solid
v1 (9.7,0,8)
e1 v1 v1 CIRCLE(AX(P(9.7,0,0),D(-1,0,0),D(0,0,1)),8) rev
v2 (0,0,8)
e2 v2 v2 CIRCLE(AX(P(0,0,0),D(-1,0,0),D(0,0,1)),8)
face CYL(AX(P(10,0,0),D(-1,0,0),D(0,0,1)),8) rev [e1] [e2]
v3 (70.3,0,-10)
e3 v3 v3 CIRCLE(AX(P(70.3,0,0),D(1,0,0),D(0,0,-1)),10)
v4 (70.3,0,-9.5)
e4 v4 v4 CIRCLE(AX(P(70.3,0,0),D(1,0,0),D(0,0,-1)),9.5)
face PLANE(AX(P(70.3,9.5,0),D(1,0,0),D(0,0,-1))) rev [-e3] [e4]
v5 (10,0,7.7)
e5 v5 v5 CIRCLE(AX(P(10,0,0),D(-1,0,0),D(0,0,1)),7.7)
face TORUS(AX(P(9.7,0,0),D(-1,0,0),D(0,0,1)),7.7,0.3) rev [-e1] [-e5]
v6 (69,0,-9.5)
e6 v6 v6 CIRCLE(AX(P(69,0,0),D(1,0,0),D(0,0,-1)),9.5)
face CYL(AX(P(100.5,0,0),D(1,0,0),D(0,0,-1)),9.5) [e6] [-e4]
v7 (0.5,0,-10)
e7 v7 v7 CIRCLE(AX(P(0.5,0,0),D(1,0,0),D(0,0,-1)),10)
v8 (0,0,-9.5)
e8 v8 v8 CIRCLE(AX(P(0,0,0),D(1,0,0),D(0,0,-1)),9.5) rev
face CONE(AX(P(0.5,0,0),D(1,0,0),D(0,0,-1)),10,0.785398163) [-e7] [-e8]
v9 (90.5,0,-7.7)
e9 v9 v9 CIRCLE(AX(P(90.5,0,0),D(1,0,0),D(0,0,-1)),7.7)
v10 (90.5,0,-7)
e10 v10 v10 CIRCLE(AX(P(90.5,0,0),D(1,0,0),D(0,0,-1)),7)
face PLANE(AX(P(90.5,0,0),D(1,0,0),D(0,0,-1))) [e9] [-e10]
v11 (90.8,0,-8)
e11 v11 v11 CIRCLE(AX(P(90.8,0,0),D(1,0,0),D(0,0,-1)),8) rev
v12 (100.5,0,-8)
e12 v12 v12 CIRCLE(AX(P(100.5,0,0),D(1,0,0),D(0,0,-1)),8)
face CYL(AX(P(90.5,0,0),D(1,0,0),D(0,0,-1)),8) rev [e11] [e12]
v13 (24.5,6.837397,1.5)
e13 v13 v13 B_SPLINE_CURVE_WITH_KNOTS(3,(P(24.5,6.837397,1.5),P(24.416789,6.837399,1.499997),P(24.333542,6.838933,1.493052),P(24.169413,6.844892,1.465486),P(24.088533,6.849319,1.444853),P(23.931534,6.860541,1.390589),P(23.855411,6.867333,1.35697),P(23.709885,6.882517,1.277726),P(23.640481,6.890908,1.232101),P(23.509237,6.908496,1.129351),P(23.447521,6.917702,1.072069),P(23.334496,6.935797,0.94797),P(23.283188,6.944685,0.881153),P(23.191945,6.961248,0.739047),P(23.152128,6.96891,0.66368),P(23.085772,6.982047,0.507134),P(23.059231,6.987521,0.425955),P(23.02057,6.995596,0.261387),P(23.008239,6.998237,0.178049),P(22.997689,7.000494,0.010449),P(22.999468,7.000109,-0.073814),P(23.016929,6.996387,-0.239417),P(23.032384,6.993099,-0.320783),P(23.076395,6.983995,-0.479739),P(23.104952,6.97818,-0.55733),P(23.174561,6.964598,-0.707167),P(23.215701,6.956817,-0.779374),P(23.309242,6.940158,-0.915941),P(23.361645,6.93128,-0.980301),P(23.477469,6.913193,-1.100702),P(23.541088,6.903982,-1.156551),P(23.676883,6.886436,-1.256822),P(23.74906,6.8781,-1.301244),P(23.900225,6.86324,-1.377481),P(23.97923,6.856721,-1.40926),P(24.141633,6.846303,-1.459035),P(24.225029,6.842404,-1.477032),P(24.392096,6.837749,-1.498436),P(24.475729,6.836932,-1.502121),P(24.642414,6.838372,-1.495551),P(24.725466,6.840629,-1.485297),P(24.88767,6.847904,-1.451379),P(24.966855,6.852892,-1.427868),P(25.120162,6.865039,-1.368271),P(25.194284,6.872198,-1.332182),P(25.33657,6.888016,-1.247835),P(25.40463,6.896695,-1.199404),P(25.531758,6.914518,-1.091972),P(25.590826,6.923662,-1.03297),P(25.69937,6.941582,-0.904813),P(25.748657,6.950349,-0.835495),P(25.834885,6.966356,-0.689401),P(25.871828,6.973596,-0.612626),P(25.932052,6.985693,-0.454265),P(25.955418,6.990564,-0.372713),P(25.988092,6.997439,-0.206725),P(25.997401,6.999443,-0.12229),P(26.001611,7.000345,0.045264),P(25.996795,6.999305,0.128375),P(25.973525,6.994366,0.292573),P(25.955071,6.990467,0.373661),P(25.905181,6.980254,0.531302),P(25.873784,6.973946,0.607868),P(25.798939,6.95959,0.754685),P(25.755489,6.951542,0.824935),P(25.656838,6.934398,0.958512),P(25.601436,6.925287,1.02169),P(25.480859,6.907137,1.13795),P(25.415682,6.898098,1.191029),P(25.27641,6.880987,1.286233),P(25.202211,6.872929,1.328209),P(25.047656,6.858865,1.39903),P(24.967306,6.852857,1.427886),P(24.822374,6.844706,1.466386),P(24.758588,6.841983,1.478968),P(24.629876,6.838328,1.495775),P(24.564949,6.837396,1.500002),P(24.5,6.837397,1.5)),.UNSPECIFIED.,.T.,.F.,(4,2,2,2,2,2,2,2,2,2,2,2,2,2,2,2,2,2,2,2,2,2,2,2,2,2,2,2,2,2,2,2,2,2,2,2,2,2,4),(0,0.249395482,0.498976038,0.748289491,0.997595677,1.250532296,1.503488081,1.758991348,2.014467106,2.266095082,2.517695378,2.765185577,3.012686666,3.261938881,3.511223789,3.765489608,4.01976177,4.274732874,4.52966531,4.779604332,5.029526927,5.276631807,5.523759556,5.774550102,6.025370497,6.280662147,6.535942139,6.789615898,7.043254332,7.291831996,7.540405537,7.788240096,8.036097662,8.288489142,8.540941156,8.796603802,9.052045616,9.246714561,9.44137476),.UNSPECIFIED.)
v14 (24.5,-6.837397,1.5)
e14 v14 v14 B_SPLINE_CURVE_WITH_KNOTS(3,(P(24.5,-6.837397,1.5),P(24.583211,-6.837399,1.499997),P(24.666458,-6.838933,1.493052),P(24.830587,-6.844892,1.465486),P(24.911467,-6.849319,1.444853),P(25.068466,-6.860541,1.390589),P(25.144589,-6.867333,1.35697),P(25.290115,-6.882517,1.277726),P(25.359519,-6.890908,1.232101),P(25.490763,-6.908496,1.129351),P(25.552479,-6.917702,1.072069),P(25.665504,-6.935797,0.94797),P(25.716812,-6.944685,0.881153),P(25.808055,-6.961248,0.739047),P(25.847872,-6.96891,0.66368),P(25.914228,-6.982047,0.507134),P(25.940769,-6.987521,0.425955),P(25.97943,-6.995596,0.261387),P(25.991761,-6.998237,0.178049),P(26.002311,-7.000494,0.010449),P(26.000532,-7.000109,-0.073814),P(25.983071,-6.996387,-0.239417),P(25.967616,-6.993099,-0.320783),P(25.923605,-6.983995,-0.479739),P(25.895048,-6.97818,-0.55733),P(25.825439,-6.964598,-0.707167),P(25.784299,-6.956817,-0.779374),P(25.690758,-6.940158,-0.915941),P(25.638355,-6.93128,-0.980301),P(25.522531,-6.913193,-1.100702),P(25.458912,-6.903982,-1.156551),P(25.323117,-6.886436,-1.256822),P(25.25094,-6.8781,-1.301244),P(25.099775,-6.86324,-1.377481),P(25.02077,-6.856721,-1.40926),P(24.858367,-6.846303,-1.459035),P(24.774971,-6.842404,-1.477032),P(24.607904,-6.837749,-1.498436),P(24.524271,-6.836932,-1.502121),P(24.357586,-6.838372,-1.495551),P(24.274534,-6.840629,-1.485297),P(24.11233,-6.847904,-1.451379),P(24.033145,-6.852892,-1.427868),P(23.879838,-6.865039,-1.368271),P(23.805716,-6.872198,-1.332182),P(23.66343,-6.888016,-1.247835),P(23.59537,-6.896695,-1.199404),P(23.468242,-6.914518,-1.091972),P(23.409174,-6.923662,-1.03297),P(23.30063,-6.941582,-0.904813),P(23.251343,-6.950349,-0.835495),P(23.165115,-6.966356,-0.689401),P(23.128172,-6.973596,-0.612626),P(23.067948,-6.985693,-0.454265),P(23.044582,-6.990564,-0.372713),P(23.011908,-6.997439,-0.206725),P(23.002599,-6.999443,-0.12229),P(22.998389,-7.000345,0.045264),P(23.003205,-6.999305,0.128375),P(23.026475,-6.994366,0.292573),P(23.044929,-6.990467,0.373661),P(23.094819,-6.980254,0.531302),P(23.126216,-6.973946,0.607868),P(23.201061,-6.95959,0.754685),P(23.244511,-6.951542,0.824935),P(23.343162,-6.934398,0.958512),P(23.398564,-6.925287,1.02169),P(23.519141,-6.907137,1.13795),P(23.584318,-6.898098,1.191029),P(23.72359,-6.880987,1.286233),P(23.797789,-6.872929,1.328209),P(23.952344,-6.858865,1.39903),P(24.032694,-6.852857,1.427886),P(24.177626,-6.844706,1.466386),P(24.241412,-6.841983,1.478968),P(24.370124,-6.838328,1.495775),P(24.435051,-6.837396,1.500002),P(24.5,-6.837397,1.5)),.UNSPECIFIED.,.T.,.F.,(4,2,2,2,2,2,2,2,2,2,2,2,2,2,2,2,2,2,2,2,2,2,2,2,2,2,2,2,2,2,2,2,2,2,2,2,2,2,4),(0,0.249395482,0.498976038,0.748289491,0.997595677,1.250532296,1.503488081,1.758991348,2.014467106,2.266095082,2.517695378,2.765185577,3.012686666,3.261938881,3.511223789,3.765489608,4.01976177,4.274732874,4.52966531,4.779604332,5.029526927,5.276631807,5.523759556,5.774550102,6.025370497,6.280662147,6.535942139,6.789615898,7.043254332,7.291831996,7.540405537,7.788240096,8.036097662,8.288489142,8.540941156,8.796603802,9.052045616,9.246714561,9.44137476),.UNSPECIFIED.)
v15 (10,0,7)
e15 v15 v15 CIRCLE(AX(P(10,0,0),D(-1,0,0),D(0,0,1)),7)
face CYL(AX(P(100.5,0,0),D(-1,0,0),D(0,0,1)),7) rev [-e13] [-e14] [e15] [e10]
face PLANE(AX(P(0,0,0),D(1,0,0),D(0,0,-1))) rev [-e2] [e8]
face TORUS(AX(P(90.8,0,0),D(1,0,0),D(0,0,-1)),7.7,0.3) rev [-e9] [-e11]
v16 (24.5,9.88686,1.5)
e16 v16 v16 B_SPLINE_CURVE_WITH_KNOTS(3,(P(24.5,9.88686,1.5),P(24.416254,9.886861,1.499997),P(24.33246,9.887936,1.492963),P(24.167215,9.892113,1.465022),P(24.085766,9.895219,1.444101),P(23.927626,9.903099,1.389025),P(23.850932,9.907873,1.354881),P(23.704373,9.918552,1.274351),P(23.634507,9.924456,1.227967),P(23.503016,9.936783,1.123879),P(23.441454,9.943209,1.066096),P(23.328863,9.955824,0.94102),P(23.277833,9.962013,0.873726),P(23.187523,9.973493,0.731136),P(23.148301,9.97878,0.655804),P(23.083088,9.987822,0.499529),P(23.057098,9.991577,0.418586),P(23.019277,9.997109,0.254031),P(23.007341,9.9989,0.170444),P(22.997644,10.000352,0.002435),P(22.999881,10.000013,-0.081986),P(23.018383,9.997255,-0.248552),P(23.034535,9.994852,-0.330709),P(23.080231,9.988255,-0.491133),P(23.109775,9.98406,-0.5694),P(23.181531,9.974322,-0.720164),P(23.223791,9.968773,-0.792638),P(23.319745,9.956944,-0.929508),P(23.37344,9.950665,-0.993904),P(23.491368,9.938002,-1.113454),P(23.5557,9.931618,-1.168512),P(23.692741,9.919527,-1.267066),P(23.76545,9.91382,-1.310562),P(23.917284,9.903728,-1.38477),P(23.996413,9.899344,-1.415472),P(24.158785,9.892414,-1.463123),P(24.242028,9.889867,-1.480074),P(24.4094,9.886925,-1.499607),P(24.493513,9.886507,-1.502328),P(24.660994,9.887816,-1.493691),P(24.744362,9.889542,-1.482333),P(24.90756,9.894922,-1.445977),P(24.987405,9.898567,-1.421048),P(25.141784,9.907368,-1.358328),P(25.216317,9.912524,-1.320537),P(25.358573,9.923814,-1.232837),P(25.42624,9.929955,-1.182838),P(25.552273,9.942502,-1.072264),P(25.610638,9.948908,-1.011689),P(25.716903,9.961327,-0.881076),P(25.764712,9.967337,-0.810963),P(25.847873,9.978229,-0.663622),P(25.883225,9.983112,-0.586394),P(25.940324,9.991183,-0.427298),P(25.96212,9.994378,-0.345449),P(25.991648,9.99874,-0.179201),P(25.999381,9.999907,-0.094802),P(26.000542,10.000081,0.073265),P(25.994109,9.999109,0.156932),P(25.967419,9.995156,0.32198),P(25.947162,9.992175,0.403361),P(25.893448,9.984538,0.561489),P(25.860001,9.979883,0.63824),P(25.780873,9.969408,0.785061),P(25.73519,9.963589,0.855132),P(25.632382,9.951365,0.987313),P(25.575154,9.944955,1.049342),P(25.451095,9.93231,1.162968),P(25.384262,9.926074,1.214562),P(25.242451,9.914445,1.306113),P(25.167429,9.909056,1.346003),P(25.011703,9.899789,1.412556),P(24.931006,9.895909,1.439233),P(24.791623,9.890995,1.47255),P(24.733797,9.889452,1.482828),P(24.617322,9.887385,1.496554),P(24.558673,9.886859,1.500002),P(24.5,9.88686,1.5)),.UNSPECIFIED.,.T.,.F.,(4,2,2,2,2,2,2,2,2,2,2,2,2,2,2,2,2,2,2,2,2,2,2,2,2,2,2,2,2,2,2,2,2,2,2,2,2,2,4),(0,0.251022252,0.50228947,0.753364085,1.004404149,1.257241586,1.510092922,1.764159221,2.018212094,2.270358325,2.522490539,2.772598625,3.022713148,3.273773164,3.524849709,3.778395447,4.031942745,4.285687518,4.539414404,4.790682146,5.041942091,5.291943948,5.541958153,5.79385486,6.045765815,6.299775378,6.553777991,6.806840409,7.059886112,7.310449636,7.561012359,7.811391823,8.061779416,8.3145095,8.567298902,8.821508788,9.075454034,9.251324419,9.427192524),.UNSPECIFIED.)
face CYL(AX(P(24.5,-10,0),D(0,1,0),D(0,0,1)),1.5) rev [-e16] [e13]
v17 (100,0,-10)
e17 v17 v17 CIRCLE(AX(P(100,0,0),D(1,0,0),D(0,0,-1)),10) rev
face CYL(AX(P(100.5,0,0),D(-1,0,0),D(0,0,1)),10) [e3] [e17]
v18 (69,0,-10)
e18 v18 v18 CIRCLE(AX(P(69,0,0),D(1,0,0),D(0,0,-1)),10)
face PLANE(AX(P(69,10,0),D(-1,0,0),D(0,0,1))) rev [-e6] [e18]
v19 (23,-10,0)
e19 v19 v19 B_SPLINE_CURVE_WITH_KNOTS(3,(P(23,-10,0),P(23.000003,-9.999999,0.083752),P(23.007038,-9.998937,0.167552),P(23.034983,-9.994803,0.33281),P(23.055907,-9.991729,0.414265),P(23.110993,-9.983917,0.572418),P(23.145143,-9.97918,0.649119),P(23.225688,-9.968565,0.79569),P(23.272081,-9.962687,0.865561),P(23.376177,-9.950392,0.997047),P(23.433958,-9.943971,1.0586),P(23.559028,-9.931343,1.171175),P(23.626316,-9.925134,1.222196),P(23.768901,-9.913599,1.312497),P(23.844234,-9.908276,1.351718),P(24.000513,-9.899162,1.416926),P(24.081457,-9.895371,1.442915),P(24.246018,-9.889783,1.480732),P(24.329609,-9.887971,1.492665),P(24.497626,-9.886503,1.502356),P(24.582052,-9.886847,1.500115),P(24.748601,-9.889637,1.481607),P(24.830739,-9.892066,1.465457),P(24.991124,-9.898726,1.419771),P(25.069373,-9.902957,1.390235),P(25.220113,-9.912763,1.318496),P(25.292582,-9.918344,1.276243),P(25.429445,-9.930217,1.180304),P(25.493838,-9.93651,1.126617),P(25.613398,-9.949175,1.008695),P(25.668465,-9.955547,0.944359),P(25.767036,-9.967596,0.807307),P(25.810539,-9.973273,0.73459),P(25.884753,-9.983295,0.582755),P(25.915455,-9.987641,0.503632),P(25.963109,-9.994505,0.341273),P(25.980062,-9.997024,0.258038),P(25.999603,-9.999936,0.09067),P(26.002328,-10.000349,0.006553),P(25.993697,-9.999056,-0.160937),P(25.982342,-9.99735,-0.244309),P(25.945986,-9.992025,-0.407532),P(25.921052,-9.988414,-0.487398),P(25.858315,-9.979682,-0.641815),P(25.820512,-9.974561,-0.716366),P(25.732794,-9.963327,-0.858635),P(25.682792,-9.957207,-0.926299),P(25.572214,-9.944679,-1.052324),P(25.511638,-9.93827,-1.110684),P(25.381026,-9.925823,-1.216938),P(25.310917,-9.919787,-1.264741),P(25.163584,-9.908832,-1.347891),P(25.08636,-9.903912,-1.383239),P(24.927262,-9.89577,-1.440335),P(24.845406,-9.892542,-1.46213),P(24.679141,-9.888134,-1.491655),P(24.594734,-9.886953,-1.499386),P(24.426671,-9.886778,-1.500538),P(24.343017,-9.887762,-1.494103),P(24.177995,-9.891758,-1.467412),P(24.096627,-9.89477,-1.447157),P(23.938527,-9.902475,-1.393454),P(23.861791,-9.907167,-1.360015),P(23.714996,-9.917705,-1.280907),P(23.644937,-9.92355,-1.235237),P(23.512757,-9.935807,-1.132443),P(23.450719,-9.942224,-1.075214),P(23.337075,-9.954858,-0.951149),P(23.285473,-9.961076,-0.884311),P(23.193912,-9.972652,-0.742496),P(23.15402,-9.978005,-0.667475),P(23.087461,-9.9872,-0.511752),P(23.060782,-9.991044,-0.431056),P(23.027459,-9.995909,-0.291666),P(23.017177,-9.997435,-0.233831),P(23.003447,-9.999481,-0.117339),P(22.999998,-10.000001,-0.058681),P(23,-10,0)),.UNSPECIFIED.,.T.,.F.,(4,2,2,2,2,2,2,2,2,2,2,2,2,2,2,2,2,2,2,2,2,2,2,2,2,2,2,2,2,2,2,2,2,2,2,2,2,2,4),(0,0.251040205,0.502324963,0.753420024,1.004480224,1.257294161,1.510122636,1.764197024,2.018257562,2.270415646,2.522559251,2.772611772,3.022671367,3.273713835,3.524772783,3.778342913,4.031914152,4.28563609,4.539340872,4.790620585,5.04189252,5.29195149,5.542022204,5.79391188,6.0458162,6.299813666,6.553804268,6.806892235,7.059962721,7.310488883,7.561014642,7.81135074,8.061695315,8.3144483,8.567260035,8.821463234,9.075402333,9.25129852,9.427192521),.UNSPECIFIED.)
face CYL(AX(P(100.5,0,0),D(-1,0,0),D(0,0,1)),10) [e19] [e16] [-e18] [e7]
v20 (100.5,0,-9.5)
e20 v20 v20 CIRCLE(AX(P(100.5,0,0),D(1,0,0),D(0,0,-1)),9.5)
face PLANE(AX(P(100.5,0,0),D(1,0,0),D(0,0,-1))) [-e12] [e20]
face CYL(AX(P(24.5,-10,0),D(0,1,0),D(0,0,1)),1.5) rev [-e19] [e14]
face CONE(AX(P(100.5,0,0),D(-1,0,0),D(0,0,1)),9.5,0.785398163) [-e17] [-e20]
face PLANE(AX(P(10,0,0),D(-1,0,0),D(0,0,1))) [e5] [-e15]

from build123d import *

# Parameters (mm, degrees)
SKETCH1_R           = 10
SKETCH1_R_2         = 7
BOSS_EXTRUDE1_DEPTH = 100.5
SKETCH2_R           = 8
CUT_EXTRUDE1_DEPTH  = 10
SKETCH3_R           = 8
CUT_EXTRUDE2_DEPTH  = 10
SKETCH4_W           = 1.3
SKETCH4_H           = 0.5
SKETCH5_R           = 1.5
CUT_EXTRUDE3_DEPTH  = 10
CHAMFER1_SIZE       = 0.5
FILLET1_R           = 0.3


with BuildPart() as part:
    # Sketch1 → Boss-Extrude1 (new body)
    with BuildSketch(Plane(origin=(0, 0, 0), x_dir=(0, 0, -1), z_dir=(1, 0, 0))):
        Circle(SKETCH1_R)
        Circle(SKETCH1_R_2, mode=Mode.SUBTRACT)
    extrude(amount=BOSS_EXTRUDE1_DEPTH)

    # Sketch2 → Cut-Extrude1 (cut)
    with BuildSketch(Plane.ZY):
        Circle(SKETCH2_R)
    extrude(amount=-CUT_EXTRUDE1_DEPTH, mode=Mode.SUBTRACT)

    # Sketch3 → Cut-Extrude2 (cut)
    with BuildSketch(Plane(origin=(100.5, 0, 0), x_dir=(0, 0, -1), z_dir=(1, 0, 0))):
        Circle(SKETCH3_R)
    extrude(amount=-CUT_EXTRUDE2_DEPTH, mode=Mode.SUBTRACT)

    # Sketch4 → Cut-Revolve1 (revolve, cut)
    with BuildSketch(Plane.XY):
        with Locations((69.65, 9.75)):
            Rectangle(SKETCH4_W, SKETCH4_H)
    revolve(axis=Axis((100.5, 0, 0), (-1, 0, 0)), mode=Mode.SUBTRACT)

    # Sketch5 → Cut-Extrude3 (cut, symmetric)
    with BuildSketch(Plane(origin=(0, 0, 0), x_dir=(1, 0, 0), z_dir=(0, 1, 0))):
        with Locations((24.5, 0)):
            Circle(SKETCH5_R)
    extrude(amount=CUT_EXTRUDE3_DEPTH, both=True, mode=Mode.SUBTRACT)

    # Chamfer1
    chamfer1_edges = [part.edges().sort_by_distance(p)[0] for p in [
        (0, 0, 10),
        (100.5, 0, 10),
    ]]
    chamfer(chamfer1_edges, length=CHAMFER1_SIZE)

    # Fillet1
    fillet1_edges = [part.edges().sort_by_distance(p)[0] for p in [
        (10, 0, -8),
        (90.5, 0, 8),
    ]]
    fillet(fillet1_edges, radius=FILLET1_R)


solid = part.part
